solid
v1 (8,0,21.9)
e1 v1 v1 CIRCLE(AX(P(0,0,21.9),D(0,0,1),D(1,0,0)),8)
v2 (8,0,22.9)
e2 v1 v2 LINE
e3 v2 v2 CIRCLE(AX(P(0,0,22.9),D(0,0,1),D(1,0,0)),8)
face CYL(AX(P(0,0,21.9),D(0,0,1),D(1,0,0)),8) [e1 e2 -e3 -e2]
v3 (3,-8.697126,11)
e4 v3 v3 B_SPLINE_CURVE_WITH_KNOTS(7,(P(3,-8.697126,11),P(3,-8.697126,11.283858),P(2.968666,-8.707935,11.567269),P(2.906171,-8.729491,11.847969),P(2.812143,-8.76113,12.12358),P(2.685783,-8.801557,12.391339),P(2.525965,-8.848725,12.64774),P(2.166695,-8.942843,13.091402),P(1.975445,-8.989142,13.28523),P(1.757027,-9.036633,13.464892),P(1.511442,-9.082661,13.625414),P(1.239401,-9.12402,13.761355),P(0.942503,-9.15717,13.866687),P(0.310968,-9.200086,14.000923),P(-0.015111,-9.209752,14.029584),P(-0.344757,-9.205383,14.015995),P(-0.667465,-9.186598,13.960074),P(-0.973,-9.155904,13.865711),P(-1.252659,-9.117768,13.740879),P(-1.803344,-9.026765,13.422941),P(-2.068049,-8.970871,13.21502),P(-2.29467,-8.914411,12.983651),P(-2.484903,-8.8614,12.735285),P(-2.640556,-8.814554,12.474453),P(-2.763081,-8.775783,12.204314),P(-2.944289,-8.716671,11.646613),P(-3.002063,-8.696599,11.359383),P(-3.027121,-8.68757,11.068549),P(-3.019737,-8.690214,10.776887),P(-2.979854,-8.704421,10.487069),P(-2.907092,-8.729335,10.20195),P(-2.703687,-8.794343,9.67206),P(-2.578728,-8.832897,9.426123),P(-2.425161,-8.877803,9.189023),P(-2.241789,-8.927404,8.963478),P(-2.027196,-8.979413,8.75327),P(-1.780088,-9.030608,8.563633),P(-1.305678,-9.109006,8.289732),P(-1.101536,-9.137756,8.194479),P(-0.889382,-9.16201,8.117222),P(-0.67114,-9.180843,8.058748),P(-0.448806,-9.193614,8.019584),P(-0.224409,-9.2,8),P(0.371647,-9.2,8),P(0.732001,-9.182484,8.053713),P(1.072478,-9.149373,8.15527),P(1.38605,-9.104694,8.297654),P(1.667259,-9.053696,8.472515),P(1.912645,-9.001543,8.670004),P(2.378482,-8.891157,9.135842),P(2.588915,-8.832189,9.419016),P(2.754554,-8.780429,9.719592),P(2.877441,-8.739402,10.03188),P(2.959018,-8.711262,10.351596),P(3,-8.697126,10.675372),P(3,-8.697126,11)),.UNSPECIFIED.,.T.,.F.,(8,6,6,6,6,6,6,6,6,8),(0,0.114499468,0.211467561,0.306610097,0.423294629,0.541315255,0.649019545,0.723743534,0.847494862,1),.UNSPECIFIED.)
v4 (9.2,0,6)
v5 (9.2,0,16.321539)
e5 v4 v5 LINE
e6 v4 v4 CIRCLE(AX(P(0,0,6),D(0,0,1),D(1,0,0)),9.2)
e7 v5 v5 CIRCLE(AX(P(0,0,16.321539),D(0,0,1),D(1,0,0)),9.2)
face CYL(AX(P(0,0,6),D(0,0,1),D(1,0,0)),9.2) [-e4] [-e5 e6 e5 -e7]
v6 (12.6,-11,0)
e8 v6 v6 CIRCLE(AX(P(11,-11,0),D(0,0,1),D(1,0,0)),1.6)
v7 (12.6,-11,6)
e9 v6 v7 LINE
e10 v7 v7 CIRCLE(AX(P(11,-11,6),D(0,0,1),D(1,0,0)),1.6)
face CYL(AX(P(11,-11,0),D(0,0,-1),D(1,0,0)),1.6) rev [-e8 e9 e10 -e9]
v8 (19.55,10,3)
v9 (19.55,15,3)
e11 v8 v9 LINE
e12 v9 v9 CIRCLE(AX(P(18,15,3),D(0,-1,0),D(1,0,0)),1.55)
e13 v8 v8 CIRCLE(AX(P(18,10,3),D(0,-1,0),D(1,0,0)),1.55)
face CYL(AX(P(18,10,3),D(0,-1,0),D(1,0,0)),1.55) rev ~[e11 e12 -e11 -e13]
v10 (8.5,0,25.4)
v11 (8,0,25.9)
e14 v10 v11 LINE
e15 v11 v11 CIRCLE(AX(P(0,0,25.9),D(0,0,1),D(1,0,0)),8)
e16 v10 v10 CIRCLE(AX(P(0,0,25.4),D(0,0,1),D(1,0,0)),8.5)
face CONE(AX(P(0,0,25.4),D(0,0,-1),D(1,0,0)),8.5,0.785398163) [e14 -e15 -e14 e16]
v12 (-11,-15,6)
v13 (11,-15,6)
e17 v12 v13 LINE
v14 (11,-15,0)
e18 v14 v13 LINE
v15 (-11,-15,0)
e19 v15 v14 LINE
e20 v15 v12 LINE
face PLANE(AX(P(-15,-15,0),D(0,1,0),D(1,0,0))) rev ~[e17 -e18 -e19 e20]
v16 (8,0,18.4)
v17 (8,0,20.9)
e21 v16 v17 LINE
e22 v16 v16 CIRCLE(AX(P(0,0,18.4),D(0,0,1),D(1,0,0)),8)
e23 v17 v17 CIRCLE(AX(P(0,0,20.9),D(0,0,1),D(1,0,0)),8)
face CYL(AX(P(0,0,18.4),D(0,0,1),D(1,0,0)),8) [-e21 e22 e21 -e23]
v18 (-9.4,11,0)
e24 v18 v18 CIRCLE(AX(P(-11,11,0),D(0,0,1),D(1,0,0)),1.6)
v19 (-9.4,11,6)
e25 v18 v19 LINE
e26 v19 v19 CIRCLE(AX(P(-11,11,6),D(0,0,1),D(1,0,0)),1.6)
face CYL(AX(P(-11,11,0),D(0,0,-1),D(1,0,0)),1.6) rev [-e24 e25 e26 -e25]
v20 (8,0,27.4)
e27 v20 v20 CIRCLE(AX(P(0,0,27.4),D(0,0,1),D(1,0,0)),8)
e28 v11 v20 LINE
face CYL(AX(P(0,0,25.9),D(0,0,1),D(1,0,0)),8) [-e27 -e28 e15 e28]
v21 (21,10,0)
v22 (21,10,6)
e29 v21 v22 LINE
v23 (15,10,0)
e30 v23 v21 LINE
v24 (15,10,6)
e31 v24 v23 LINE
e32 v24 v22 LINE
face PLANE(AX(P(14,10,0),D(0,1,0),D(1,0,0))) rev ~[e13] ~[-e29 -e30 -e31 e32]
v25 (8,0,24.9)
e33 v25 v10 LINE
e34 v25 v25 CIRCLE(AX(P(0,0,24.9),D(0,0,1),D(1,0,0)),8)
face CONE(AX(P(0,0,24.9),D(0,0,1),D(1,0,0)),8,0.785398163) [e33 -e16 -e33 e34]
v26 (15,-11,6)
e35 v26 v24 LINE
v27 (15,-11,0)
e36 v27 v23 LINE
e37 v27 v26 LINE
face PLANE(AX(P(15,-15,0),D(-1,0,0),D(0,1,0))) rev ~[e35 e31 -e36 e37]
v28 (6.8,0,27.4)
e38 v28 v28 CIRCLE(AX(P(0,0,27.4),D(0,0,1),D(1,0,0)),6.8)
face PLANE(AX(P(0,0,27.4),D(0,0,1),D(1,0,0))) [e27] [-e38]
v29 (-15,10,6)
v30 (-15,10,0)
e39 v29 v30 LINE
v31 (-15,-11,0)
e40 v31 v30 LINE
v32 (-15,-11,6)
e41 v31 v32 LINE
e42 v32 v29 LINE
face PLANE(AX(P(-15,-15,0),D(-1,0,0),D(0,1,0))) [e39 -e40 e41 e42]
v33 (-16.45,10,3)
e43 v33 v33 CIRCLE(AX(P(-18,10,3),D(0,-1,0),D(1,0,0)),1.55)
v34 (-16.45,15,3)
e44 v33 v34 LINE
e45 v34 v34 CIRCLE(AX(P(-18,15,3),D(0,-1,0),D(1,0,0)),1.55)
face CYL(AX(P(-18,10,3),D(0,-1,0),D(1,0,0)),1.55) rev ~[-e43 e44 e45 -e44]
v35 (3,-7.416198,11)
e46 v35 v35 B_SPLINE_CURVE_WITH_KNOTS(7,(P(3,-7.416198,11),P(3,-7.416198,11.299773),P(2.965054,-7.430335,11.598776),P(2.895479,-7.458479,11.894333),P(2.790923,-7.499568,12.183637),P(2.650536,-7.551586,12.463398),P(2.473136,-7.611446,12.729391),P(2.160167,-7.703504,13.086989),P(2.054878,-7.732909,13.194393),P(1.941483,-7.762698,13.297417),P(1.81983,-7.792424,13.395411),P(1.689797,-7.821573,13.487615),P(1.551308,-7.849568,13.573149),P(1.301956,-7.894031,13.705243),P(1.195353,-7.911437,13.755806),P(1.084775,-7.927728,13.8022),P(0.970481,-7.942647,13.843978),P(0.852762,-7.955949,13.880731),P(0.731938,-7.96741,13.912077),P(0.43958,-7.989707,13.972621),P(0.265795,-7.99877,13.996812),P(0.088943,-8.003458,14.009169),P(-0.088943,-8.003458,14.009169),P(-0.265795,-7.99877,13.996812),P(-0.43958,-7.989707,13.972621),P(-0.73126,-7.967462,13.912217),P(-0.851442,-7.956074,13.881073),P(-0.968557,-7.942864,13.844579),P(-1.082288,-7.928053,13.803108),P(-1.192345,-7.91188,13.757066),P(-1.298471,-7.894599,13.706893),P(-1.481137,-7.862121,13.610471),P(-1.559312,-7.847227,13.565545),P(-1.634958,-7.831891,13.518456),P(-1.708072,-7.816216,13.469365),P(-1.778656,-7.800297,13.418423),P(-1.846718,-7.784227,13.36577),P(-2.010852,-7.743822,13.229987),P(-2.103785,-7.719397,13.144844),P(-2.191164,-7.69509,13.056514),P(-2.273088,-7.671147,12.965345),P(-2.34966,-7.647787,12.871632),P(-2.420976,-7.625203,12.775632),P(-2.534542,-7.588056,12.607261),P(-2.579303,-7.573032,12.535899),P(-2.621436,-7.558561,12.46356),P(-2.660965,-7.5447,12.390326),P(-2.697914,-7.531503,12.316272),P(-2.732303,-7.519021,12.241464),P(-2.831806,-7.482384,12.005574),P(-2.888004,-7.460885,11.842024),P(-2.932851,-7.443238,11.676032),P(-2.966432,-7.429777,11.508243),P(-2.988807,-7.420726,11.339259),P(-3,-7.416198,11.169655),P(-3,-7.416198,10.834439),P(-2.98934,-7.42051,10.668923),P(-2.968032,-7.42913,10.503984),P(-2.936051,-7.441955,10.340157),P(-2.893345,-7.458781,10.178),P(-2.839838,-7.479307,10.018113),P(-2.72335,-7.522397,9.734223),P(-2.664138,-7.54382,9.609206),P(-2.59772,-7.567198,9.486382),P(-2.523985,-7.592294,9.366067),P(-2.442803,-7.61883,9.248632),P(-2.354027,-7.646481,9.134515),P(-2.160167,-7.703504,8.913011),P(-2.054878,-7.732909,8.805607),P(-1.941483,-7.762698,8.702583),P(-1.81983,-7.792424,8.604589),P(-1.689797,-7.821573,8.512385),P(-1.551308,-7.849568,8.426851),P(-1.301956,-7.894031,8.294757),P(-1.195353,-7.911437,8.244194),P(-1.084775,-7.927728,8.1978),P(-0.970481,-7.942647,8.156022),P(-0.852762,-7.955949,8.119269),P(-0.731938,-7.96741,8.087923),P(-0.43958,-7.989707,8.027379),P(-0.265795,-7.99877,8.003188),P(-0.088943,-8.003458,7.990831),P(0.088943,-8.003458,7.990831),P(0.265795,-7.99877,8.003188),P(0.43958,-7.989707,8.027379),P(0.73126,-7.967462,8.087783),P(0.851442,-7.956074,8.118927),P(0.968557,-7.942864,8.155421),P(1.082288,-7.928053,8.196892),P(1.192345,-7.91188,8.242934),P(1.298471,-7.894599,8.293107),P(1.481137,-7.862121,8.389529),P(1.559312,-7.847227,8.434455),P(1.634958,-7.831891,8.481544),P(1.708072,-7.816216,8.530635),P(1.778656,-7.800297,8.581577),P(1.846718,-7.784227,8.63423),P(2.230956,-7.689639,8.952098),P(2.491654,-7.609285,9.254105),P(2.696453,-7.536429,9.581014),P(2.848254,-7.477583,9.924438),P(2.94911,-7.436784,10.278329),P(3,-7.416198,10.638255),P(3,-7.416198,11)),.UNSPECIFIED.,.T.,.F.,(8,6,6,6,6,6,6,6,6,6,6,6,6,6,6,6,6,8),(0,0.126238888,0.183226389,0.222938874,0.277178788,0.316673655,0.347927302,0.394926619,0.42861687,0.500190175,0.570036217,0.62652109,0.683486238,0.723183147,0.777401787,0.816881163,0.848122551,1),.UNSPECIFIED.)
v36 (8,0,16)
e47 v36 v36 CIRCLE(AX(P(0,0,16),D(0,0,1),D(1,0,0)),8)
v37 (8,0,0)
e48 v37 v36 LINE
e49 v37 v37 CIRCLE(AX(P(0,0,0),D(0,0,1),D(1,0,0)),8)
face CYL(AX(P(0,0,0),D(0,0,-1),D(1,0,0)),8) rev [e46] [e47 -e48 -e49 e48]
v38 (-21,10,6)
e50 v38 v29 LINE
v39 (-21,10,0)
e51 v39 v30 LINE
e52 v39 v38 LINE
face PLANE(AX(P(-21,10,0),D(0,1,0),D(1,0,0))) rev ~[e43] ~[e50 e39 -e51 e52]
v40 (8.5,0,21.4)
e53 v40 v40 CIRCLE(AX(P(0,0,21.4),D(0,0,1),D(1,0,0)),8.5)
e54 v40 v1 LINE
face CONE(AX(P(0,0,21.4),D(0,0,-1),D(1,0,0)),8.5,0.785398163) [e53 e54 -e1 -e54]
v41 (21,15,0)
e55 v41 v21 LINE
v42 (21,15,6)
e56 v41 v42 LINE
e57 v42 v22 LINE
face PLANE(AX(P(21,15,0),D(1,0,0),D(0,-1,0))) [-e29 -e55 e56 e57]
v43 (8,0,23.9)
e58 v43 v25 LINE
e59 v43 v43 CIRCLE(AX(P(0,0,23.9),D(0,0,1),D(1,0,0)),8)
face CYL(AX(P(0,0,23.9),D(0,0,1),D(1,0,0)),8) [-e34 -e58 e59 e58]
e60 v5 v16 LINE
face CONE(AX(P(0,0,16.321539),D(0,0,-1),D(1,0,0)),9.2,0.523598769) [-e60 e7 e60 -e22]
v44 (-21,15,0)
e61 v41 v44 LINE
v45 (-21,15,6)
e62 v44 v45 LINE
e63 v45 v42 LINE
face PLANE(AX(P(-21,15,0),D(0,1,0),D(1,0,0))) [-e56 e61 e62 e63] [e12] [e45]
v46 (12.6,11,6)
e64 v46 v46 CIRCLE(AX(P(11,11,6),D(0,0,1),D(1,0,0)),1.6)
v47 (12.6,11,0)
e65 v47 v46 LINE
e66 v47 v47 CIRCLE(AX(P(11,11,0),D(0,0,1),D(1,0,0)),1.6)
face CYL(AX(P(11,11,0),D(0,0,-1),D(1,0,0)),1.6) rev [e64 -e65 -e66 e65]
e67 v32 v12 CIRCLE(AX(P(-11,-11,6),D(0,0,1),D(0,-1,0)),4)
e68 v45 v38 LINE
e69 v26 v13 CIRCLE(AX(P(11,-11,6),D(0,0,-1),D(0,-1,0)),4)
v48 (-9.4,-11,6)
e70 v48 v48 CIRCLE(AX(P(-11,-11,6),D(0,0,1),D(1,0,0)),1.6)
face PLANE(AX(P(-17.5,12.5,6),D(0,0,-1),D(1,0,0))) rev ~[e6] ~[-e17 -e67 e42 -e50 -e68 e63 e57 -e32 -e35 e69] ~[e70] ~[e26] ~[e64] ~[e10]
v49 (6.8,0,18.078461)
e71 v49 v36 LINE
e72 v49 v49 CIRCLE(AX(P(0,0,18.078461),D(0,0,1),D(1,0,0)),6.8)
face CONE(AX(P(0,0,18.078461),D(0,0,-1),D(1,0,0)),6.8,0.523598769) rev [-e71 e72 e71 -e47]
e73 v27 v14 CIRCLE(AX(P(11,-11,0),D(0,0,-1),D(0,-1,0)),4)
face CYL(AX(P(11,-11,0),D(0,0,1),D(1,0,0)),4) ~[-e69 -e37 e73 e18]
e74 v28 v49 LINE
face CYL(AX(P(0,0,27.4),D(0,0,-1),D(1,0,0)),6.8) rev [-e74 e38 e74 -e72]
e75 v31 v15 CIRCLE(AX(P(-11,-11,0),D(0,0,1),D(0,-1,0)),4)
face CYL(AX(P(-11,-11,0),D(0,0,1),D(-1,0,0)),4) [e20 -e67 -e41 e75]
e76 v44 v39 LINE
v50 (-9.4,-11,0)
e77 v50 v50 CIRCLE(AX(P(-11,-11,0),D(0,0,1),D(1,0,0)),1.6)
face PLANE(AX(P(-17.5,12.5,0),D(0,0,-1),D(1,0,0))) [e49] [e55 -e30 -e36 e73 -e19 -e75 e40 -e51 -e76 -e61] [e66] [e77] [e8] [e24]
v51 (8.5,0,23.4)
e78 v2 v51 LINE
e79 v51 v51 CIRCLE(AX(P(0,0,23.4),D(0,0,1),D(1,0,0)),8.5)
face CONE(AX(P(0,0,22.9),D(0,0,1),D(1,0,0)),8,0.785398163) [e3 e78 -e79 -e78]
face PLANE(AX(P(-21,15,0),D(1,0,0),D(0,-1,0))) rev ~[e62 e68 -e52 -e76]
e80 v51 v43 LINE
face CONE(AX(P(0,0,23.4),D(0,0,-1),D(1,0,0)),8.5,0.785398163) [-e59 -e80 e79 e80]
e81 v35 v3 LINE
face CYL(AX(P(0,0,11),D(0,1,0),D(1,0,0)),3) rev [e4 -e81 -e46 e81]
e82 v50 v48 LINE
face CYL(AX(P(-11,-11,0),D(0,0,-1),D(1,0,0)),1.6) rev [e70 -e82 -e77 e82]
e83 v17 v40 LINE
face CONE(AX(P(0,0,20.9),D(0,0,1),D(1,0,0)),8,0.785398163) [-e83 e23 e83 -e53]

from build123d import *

# Parameters (mm, degrees)
SKETCH_W        = 30
SKETCH_H        = 30
SKETCH_R        = 8
SKETCH_R_2      = 1.6
PAD_DEPTH       = 6
SKETCH002_R     = 3
POCKET_DEPTH    = 15.001
COPYSKETCH003_W = 7
COPYSKETCH003_H = 5
PAD001_DEPTH    = 6
COPYSKETCH004_R = 1.55
POCKET001_DEPTH = 5
FILLET_R        = 4


with BuildPart() as part:
    # Sketch → Pad (new body)
    with BuildSketch(Plane.XY):
        Rectangle(SKETCH_W, SKETCH_H)
        Circle(SKETCH_R, mode=Mode.SUBTRACT)
        with Locations((-11, 11)):
            Circle(SKETCH_R_2, mode=Mode.SUBTRACT)
        with Locations((11, 11)):
            Circle(SKETCH_R_2, mode=Mode.SUBTRACT)
        with Locations((-11, -11)):
            Circle(SKETCH_R_2, mode=Mode.SUBTRACT)
        with Locations((11, -11)):
            Circle(SKETCH_R_2, mode=Mode.SUBTRACT)
    extrude(amount=PAD_DEPTH)

    # Sketch001 → Revolution (revolve)
    with BuildSketch(Plane.XZ):
        Polygon((9.2, 6), (9.2, 16.321539), (8, 18.4), (8, 20.9), (8.5, 21.4), (8, 21.9), (8, 22.9), (8.5, 23.4), (8, 23.9), (8, 24.9), (8.5, 25.4), (8, 25.9), (8, 27.4), (6.8, 27.4), (6.8, 18.078461), (8, 16), (8, 6), align=None)
    revolve(axis=Axis((0, 0, 0), (0, 0, 1)))

    # Sketch002 → Pocket (cut, through all)
    with BuildSketch(Plane.XZ):
        with Locations((0, 11)):
            Circle(SKETCH002_R)
    extrude(amount=POCKET_DEPTH, mode=Mode.SUBTRACT)

    # CopySketch003 → Pad001 (join)
    with BuildSketch(Plane(origin=(0, 0, 0), x_dir=(1, 0, 0), z_dir=(0, 0, -1))):
        with Locations((-17.5, -12.5)):
            Rectangle(COPYSKETCH003_W, COPYSKETCH003_H)
        with Locations((17.5, -12.5)):
            Rectangle(COPYSKETCH003_W, COPYSKETCH003_H)
    extrude(amount=-PAD001_DEPTH)

    # CopySketch004 → Pocket001 (cut)
    with BuildSketch(Plane.XZ.offset(-10)):
        with Locations((-18, 3)):
            Circle(COPYSKETCH004_R)
        with Locations((18, 3)):
            Circle(COPYSKETCH004_R)
    extrude(amount=-POCKET001_DEPTH, mode=Mode.SUBTRACT)

    # Fillet
    fillet_edges = [part.edges().sort_by_distance(p)[0] for p in [
        (-15, -15, 3),
        (15, -15, 3),
    ]]
    fillet(fillet_edges, radius=FILLET_R)


solid = part.part
